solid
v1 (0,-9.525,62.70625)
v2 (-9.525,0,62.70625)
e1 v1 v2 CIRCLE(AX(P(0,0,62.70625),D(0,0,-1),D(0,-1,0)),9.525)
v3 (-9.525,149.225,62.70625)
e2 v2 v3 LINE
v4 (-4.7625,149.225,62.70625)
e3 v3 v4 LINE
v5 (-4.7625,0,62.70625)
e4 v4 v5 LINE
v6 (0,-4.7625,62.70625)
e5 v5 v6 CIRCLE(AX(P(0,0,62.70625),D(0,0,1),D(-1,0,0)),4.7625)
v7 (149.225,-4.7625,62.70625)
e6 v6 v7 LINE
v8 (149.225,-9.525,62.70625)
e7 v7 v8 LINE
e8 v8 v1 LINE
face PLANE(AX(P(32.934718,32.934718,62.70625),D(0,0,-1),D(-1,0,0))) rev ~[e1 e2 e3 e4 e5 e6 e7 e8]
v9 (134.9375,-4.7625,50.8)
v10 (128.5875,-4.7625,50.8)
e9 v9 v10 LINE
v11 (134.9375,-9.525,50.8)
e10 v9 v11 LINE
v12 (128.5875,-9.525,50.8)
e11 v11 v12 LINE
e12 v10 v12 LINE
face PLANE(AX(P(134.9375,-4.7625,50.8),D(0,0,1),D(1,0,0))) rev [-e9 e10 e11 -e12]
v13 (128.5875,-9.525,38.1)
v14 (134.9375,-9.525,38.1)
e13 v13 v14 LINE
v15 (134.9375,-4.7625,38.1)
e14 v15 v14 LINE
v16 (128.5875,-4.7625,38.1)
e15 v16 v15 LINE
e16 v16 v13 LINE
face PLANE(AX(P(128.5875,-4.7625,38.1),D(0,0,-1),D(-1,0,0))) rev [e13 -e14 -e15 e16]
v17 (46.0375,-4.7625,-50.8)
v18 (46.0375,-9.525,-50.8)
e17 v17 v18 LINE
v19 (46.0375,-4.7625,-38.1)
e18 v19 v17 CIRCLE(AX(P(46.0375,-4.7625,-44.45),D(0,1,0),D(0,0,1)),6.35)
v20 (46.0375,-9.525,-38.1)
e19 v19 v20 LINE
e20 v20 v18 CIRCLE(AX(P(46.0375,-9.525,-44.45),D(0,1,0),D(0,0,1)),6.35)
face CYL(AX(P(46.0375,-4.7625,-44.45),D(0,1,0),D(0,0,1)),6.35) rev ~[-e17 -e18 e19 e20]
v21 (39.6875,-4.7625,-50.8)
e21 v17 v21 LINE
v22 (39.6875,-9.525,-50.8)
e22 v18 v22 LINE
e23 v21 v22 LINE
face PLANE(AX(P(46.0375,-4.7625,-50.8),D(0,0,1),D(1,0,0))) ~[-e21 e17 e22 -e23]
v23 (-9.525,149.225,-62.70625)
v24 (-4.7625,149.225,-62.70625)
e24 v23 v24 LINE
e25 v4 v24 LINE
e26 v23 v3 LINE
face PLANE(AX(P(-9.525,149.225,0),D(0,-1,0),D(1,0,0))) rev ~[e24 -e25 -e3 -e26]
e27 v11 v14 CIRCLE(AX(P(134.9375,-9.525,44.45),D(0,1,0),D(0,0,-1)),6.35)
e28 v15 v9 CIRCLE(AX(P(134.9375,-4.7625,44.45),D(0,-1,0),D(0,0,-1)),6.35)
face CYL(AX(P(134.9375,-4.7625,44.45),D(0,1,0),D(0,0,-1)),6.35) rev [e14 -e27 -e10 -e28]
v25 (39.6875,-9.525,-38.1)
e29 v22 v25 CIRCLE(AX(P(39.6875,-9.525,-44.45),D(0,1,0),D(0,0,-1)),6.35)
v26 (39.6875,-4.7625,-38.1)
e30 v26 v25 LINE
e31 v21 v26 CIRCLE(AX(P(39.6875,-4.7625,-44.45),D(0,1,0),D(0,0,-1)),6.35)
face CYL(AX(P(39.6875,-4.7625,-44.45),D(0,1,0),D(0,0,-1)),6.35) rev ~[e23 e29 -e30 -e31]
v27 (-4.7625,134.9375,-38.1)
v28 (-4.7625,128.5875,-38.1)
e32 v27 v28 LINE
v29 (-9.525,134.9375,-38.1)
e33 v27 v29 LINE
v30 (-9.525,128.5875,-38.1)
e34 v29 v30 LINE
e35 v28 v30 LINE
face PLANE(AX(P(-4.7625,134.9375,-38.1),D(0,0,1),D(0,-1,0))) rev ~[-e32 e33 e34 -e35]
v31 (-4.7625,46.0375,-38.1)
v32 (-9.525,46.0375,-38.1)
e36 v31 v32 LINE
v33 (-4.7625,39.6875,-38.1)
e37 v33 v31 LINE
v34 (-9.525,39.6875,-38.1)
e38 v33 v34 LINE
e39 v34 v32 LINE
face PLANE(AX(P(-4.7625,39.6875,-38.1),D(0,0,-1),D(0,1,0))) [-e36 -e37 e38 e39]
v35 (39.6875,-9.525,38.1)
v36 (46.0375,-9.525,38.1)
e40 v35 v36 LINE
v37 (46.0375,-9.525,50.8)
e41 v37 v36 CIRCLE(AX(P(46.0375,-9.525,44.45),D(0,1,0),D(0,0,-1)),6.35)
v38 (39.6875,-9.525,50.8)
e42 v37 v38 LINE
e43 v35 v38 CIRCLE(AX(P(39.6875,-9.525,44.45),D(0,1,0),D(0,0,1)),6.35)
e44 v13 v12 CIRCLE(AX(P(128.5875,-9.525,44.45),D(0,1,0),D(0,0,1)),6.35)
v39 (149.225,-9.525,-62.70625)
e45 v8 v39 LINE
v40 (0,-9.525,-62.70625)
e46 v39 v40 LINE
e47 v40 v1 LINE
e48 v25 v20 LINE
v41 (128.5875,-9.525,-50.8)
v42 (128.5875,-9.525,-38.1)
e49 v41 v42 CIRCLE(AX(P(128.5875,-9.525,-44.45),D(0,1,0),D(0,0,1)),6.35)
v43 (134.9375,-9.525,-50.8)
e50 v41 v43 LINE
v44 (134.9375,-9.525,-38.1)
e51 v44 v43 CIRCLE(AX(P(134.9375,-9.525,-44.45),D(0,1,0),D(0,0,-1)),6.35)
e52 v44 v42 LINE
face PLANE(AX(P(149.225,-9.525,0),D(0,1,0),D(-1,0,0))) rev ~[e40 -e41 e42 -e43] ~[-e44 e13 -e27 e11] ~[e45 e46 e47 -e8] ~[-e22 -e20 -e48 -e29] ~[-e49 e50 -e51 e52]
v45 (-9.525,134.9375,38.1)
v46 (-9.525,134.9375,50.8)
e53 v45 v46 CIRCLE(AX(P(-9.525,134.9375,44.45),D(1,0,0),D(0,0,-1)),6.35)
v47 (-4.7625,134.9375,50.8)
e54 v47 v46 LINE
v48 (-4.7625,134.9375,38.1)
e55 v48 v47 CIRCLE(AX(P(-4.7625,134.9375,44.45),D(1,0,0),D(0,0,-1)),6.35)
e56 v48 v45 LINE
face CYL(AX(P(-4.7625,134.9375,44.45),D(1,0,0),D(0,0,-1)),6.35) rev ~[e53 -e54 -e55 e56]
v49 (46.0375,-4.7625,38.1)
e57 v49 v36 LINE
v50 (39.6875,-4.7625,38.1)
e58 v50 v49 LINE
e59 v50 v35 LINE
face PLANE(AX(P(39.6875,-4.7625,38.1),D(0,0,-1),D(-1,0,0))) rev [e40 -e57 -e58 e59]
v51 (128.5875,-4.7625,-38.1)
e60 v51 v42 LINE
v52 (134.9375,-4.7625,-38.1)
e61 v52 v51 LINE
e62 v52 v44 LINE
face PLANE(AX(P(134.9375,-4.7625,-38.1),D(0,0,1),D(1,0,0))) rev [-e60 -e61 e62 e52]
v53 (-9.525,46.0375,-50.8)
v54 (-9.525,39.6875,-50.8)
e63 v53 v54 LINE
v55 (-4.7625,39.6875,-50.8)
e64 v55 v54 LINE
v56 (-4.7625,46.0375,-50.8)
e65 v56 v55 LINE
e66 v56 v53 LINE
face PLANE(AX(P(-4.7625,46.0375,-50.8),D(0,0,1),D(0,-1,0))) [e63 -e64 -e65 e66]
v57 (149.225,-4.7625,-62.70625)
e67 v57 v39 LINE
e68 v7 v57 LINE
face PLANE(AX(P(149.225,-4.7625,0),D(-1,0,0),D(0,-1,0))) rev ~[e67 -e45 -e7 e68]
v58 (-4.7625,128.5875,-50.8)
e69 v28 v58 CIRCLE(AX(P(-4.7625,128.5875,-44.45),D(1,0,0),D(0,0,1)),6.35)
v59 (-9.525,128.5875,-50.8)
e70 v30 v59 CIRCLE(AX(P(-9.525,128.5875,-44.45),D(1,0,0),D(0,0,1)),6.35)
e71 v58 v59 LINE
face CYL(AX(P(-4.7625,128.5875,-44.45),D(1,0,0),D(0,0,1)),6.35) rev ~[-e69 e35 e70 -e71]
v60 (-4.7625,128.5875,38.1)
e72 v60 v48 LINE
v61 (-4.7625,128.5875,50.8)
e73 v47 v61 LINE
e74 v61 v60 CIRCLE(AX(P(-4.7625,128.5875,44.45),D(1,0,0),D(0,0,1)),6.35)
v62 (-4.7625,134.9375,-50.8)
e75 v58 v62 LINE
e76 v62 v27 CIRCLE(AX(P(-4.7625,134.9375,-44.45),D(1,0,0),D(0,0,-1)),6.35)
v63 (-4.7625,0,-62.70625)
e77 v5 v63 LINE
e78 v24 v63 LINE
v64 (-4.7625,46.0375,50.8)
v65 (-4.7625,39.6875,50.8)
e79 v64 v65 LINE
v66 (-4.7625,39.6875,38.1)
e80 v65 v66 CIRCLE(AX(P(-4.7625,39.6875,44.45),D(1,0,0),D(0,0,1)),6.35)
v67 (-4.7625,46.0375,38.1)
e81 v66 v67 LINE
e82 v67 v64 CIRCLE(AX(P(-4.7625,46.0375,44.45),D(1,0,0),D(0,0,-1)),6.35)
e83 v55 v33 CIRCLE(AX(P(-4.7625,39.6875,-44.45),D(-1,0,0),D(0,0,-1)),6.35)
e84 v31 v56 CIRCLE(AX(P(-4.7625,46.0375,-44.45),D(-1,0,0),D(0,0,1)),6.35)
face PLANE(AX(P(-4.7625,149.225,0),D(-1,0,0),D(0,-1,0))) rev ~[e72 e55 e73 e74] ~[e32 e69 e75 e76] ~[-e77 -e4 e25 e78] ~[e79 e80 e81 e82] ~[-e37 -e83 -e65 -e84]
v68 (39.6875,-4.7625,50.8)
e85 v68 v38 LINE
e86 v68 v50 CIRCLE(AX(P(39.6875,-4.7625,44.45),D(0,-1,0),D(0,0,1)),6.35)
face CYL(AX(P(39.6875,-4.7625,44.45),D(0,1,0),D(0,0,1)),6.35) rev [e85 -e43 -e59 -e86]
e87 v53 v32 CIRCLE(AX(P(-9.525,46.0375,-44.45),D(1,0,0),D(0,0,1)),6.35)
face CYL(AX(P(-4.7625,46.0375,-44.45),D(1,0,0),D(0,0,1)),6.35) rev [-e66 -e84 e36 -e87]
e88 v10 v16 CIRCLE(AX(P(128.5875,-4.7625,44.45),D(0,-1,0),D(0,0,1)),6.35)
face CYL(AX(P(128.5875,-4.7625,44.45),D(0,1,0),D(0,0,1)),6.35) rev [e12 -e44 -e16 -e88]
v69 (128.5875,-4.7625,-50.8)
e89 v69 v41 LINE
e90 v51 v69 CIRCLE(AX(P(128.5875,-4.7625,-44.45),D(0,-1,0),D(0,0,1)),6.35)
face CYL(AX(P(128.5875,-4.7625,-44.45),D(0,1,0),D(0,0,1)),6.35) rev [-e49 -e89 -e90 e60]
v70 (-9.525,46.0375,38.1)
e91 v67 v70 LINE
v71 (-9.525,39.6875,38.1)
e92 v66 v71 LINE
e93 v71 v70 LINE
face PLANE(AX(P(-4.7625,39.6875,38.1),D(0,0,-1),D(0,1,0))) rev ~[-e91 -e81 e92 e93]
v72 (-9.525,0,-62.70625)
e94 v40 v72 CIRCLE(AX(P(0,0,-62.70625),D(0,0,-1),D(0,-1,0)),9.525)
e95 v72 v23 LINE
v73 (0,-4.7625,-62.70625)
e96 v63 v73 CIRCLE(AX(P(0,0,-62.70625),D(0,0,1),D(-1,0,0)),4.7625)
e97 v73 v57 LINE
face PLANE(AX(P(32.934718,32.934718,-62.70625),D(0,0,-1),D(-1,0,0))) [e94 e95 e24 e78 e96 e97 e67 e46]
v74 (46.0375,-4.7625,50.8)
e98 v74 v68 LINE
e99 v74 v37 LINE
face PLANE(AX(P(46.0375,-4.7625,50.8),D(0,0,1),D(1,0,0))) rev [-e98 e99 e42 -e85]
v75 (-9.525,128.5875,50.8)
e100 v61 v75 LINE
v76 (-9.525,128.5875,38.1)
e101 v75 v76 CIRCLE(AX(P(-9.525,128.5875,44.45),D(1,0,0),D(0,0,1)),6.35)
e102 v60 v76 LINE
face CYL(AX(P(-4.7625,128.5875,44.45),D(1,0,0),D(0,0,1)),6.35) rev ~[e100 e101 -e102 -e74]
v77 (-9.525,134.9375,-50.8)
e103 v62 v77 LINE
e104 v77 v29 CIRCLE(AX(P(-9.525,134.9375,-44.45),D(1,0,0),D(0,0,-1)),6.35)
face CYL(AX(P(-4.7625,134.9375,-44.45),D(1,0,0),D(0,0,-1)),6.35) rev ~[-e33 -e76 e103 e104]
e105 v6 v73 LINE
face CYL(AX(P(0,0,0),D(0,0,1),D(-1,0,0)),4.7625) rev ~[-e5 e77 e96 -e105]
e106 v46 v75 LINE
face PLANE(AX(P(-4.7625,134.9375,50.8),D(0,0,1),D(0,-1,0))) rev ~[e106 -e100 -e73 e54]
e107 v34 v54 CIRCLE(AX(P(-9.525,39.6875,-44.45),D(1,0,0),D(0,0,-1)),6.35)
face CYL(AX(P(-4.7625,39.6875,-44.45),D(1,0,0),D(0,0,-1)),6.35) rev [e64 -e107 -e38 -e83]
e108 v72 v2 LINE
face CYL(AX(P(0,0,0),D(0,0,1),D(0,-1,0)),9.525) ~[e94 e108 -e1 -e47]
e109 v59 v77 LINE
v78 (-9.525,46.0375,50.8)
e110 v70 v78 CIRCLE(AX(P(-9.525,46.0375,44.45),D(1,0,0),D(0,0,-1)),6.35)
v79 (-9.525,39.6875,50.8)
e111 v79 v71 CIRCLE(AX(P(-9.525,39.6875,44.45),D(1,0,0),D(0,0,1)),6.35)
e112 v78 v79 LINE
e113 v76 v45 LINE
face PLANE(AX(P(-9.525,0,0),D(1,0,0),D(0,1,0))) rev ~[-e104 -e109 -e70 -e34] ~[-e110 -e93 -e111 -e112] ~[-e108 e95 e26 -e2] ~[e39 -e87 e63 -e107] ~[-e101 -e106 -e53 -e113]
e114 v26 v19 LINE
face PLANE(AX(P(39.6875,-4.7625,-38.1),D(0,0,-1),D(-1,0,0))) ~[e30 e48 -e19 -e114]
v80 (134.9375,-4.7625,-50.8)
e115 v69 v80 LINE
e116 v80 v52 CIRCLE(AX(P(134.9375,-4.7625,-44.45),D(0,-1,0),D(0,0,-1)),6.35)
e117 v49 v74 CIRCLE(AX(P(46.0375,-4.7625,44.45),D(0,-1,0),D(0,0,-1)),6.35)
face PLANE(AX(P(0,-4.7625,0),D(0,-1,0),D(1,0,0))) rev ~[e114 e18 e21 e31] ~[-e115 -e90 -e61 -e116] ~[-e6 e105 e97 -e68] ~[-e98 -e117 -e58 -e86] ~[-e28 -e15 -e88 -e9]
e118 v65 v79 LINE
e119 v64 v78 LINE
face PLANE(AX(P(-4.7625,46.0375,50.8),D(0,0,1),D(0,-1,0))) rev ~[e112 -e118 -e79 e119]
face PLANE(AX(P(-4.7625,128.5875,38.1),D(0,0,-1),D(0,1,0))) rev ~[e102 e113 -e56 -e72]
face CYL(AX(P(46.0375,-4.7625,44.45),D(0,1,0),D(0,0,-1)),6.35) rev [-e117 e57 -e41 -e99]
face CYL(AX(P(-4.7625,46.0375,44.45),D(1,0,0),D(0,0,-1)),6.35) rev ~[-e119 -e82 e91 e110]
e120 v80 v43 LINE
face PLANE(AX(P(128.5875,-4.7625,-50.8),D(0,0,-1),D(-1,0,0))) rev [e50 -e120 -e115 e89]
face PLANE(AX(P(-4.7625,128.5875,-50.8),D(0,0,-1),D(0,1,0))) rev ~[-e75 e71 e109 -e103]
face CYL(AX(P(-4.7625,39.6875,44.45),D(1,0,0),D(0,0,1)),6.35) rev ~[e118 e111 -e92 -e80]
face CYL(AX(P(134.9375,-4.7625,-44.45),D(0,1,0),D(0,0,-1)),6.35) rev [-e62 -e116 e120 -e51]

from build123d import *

# Parameters (mm, degrees)
BOSS_EXTRUDE1_DEPTH = 62.70625
CUT_EXTRUDE1_DEPTH  = 224.410663511


with BuildPart() as part:
    # Sketch1 → Boss-Extrude1 (new, symmetric)
    with BuildSketch(Plane.XY):
        with BuildLine():
            Line((-9.525, 149.225), (-4.7625, 149.225))
            Line((-4.7625, 149.225), (-4.7625, 0))
            ThreePointArc((-4.7625, 0), (-3.367596045, -3.367596045), (0, -4.7625))
            Line((0, -4.7625), (149.225, -4.7625))
            Line((149.225, -4.7625), (149.225, -9.525))
            Line((149.225, -9.525), (0, -9.525))
            ThreePointArc((0, -9.525), (-6.735192091, -6.735192091), (-9.525, 0))
            Line((-9.525, 0), (-9.525, 149.225))
        make_face()
    extrude(amount=BOSS_EXTRUDE1_DEPTH, both=True)

    # Sketch2 → Cut-Extrude1 (cut, through all)
    with BuildSketch(Plane(origin=(-4.7625, 0, 0), x_dir=(0, 0, -1), z_dir=(1, 0, 0))):
        with BuildLine():
            Line((-50.8, 134.9375), (-50.8, 128.5875))
            ThreePointArc((-50.8, 128.5875), (-44.45, 122.2375), (-38.1, 128.5875))
            Line((-38.1, 128.5875), (-38.1, 134.9375))
            ThreePointArc((-38.1, 134.9375), (-44.45, 141.2875), (-50.8, 134.9375))
        make_face()
        with BuildLine():
            Line((-50.8, 46.0375), (-50.8, 39.6875))
            ThreePointArc((-50.8, 39.6875), (-44.45, 33.3375), (-38.1, 39.6875))
            Line((-38.1, 39.6875), (-38.1, 46.0375))
            ThreePointArc((-38.1, 46.0375), (-44.45, 52.3875), (-50.8, 46.0375))
        make_face()
        with BuildLine():
            Line((38.1, 39.6875), (38.1, 46.0375))
            ThreePointArc((38.1, 46.0375), (44.45, 52.3875), (50.8, 46.0375))
            Line((50.8, 46.0375), (50.8, 39.6875))
            ThreePointArc((50.8, 39.6875), (44.45, 33.3375), (38.1, 39.6875))
        make_face()
        with BuildLine():
            Line((38.1, 134.9375), (38.1, 128.5875))
            ThreePointArc((38.1, 128.5875), (44.45, 122.2375), (50.8, 128.5875))
            Line((50.8, 128.5875), (50.8, 134.9375))
            ThreePointArc((50.8, 134.9375), (44.45, 141.2875), (38.1, 134.9375))
        make_face()
    cut_extrude1 = extrude(amount=-CUT_EXTRUDE1_DEPTH, mode=Mode.SUBTRACT)

    # Mirror1: Cut-Extrude1 across plane
    add(cut_extrude1.mirror(Plane(origin=(0, 0, 0), x_dir=(0, 0, 1), z_dir=(0.7071067811865475, -0.7071067811865476, 0))), mode=Mode.SUBTRACT)


solid = part.part
